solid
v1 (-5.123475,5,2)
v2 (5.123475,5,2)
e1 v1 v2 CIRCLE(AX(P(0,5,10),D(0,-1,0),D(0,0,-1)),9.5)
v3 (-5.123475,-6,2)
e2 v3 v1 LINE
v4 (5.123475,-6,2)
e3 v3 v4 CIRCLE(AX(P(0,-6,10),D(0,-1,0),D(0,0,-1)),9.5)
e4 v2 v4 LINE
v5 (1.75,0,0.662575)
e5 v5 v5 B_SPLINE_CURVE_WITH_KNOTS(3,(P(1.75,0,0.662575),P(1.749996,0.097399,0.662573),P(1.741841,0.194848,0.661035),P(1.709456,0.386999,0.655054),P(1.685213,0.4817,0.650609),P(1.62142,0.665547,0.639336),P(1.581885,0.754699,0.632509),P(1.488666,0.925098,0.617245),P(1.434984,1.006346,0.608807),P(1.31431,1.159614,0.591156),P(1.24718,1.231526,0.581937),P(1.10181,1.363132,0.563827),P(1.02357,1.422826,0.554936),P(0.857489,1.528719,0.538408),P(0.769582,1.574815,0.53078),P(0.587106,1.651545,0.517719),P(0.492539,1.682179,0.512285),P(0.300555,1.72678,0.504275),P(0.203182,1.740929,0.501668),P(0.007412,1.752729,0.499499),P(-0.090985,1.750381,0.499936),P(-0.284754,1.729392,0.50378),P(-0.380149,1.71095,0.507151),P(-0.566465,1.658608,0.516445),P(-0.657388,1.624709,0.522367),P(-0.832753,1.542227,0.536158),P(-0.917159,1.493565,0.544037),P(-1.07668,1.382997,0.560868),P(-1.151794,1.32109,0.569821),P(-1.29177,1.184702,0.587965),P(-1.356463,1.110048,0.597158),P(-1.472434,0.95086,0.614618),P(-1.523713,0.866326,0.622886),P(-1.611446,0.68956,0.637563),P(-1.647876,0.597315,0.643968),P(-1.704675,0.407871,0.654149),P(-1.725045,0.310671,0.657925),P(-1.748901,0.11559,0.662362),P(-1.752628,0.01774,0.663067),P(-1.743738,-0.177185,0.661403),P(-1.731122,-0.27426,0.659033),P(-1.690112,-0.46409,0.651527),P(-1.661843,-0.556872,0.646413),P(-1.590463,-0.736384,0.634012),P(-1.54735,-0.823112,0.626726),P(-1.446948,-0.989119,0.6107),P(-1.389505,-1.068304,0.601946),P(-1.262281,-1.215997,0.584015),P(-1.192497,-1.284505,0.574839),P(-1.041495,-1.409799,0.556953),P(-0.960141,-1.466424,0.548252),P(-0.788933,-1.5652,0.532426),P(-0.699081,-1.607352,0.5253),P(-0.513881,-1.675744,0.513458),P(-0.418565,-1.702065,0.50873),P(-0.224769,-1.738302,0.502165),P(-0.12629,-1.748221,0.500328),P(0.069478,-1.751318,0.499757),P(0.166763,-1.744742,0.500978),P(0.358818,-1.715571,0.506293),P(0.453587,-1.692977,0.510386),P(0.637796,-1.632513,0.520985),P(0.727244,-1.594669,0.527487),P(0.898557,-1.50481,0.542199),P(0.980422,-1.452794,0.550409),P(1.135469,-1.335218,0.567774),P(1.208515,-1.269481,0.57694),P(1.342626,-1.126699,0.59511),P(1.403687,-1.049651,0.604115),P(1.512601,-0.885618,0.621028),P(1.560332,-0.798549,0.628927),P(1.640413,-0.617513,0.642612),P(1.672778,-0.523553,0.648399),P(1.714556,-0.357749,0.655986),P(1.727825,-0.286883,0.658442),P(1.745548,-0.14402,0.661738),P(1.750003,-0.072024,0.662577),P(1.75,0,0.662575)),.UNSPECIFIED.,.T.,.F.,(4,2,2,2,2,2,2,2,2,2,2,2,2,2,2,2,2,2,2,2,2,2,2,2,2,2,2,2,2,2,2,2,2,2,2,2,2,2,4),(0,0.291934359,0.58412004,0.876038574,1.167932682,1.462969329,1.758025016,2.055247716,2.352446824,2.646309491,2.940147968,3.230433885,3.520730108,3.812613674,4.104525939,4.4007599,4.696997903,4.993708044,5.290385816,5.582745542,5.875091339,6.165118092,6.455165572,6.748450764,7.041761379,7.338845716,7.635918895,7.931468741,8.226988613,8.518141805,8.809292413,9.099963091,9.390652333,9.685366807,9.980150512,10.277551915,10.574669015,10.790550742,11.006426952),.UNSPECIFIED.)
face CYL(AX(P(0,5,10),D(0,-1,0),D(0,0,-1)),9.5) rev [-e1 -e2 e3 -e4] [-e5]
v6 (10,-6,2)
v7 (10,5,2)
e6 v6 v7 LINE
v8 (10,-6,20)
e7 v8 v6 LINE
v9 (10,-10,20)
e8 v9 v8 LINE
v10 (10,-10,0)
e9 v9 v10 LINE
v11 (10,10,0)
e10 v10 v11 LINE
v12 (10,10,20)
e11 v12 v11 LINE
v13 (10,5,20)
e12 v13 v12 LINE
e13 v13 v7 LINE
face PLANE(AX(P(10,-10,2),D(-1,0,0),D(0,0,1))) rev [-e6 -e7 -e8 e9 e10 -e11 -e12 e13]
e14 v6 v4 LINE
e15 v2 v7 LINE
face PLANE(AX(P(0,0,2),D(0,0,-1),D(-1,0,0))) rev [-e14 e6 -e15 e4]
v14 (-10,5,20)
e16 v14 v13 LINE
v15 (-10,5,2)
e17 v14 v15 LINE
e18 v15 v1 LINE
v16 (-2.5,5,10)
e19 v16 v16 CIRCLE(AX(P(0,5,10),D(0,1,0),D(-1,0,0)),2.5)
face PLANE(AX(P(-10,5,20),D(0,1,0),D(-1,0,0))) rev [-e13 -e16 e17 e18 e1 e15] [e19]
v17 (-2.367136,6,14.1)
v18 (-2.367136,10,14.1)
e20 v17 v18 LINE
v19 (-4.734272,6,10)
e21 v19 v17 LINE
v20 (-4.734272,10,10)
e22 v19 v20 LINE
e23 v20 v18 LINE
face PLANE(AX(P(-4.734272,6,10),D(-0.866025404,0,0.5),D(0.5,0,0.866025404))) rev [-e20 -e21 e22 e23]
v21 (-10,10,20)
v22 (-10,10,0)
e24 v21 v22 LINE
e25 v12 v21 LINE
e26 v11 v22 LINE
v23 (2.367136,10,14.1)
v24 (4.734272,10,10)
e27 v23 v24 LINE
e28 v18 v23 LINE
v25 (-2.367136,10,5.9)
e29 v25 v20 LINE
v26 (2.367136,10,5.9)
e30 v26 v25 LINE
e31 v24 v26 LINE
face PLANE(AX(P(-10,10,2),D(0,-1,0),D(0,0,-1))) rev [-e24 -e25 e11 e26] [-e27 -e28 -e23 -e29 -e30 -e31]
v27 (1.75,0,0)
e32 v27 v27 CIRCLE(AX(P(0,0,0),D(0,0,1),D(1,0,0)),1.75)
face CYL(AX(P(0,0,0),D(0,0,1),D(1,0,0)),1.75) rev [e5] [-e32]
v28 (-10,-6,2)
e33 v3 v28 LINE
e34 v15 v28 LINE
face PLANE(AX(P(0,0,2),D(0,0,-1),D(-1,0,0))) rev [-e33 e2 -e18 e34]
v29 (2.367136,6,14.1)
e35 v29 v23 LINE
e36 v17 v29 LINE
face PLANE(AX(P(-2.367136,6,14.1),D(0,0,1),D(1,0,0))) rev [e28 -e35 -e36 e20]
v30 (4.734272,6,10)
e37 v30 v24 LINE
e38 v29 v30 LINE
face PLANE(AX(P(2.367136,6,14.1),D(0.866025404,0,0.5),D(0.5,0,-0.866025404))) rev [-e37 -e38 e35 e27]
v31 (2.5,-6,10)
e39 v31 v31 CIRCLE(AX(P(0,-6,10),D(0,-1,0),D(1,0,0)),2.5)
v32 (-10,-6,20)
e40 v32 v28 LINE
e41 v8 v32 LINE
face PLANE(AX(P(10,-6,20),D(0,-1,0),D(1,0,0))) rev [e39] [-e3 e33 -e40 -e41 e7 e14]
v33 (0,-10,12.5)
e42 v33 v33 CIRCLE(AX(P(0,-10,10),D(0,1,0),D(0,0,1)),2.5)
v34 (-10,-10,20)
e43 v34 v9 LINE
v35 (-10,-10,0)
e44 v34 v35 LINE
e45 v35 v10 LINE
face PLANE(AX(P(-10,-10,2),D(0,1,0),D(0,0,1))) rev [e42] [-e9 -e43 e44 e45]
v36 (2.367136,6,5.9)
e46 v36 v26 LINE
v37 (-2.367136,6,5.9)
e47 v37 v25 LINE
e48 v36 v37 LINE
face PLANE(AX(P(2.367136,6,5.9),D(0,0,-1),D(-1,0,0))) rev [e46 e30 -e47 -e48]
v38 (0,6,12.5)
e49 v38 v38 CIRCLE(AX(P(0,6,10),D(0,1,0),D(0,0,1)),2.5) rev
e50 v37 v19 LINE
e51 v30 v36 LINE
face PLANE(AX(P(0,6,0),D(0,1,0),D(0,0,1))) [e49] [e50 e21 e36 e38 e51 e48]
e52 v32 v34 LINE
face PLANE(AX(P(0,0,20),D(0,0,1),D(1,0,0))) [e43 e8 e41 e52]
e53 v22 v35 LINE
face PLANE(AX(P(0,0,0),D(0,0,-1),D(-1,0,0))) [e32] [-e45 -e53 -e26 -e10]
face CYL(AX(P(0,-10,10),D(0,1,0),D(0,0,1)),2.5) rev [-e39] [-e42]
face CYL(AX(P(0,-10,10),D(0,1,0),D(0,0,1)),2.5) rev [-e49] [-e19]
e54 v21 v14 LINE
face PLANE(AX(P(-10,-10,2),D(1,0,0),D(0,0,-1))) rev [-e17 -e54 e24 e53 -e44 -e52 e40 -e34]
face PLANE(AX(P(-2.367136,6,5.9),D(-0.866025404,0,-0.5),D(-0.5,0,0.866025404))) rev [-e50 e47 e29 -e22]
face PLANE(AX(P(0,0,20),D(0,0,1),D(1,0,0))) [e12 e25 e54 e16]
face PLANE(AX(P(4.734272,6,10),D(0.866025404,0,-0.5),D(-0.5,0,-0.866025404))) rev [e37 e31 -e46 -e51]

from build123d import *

# Parameters (mm, degrees)
SZKIC1_W                    = 20
SZKIC1_H                    = 20
DODANIE_WYCI_GNI_CIE1_DEPTH = 2
SZKIC2_R                    = 1.75
WYTNIJ_WYCI_GNI_CIE1_DEPTH  = 15.282856857
SZKIC3_W                    = 20
SZKIC3_H                    = 5
SZKIC3_H_2                  = 4
DODANIE_WYCI_GNI_CIE2_DEPTH = 18
SZKIC4_R                    = 2.5
WYTNIJ_WYCI_GNI_CIE2_DEPTH  = 31
WYTNIJ_WYCI_GNI_CIE3_DEPTH  = 4
WYTNIJ_WYCI_GNI_CIE5_START  = -4
SZKIC7_R                    = 9.5
WYTNIJ_WYCI_GNI_CIE5_DEPTH  = 11


with BuildPart() as part:
    # Szkic1 → Dodanie-wyciągnięcie1 (new body)
    with BuildSketch(Plane.XY):
        Rectangle(SZKIC1_W, SZKIC1_H)
    extrude(amount=DODANIE_WYCI_GNI_CIE1_DEPTH)

    # Szkic2 → Wytnij-wyciągnięcie1 (cut, through all)
    with BuildSketch(Plane.XY.offset(2)):
        Circle(SZKIC2_R)
    extrude(amount=-WYTNIJ_WYCI_GNI_CIE1_DEPTH, mode=Mode.SUBTRACT)

    # Szkic3 → Dodanie-wyciągnięcie2 (add)
    with BuildSketch(Plane.XY.offset(2)):
        with Locations((0, 7.5)):
            Rectangle(SZKIC3_W, SZKIC3_H)
        with Locations((0, -8)):
            Rectangle(SZKIC3_W, SZKIC3_H_2)
    extrude(amount=DODANIE_WYCI_GNI_CIE2_DEPTH)

    # Szkic4 → Wytnij-wyciągnięcie2 (cut, through all)
    with BuildSketch(Plane(origin=(0, 10, 0), x_dir=(1, 0, 0), z_dir=(0, 1, 0))):
        with Locations(Location((0, -10, 0), (0, 0, 270))):
            Circle(SZKIC4_R)
    extrude(amount=-WYTNIJ_WYCI_GNI_CIE2_DEPTH, mode=Mode.SUBTRACT)

    # Szkic6 → Wytnij-wyciągnięcie3 (cut)
    with BuildSketch(Plane(origin=(0, 10, 0), x_dir=(1, 0, 0), z_dir=(0, 1, 0))):
        Polygon((4.734272207, -10), (2.367136104, -5.9), (-2.367136104, -5.9), (-4.734272207, -10), (-2.367136104, -14.1), (2.367136104, -14.1), align=None)
    extrude(amount=-WYTNIJ_WYCI_GNI_CIE3_DEPTH, mode=Mode.SUBTRACT)

    # Szkic7 → Wytnij-wyciągnięcie5 (cut)
    with BuildSketch(Plane.XZ.offset(10).offset(WYTNIJ_WYCI_GNI_CIE5_START)):
        with Locations((0, 10)):
            Circle(SZKIC7_R)
    extrude(amount=-WYTNIJ_WYCI_GNI_CIE5_DEPTH, mode=Mode.SUBTRACT)


solid = part.part
